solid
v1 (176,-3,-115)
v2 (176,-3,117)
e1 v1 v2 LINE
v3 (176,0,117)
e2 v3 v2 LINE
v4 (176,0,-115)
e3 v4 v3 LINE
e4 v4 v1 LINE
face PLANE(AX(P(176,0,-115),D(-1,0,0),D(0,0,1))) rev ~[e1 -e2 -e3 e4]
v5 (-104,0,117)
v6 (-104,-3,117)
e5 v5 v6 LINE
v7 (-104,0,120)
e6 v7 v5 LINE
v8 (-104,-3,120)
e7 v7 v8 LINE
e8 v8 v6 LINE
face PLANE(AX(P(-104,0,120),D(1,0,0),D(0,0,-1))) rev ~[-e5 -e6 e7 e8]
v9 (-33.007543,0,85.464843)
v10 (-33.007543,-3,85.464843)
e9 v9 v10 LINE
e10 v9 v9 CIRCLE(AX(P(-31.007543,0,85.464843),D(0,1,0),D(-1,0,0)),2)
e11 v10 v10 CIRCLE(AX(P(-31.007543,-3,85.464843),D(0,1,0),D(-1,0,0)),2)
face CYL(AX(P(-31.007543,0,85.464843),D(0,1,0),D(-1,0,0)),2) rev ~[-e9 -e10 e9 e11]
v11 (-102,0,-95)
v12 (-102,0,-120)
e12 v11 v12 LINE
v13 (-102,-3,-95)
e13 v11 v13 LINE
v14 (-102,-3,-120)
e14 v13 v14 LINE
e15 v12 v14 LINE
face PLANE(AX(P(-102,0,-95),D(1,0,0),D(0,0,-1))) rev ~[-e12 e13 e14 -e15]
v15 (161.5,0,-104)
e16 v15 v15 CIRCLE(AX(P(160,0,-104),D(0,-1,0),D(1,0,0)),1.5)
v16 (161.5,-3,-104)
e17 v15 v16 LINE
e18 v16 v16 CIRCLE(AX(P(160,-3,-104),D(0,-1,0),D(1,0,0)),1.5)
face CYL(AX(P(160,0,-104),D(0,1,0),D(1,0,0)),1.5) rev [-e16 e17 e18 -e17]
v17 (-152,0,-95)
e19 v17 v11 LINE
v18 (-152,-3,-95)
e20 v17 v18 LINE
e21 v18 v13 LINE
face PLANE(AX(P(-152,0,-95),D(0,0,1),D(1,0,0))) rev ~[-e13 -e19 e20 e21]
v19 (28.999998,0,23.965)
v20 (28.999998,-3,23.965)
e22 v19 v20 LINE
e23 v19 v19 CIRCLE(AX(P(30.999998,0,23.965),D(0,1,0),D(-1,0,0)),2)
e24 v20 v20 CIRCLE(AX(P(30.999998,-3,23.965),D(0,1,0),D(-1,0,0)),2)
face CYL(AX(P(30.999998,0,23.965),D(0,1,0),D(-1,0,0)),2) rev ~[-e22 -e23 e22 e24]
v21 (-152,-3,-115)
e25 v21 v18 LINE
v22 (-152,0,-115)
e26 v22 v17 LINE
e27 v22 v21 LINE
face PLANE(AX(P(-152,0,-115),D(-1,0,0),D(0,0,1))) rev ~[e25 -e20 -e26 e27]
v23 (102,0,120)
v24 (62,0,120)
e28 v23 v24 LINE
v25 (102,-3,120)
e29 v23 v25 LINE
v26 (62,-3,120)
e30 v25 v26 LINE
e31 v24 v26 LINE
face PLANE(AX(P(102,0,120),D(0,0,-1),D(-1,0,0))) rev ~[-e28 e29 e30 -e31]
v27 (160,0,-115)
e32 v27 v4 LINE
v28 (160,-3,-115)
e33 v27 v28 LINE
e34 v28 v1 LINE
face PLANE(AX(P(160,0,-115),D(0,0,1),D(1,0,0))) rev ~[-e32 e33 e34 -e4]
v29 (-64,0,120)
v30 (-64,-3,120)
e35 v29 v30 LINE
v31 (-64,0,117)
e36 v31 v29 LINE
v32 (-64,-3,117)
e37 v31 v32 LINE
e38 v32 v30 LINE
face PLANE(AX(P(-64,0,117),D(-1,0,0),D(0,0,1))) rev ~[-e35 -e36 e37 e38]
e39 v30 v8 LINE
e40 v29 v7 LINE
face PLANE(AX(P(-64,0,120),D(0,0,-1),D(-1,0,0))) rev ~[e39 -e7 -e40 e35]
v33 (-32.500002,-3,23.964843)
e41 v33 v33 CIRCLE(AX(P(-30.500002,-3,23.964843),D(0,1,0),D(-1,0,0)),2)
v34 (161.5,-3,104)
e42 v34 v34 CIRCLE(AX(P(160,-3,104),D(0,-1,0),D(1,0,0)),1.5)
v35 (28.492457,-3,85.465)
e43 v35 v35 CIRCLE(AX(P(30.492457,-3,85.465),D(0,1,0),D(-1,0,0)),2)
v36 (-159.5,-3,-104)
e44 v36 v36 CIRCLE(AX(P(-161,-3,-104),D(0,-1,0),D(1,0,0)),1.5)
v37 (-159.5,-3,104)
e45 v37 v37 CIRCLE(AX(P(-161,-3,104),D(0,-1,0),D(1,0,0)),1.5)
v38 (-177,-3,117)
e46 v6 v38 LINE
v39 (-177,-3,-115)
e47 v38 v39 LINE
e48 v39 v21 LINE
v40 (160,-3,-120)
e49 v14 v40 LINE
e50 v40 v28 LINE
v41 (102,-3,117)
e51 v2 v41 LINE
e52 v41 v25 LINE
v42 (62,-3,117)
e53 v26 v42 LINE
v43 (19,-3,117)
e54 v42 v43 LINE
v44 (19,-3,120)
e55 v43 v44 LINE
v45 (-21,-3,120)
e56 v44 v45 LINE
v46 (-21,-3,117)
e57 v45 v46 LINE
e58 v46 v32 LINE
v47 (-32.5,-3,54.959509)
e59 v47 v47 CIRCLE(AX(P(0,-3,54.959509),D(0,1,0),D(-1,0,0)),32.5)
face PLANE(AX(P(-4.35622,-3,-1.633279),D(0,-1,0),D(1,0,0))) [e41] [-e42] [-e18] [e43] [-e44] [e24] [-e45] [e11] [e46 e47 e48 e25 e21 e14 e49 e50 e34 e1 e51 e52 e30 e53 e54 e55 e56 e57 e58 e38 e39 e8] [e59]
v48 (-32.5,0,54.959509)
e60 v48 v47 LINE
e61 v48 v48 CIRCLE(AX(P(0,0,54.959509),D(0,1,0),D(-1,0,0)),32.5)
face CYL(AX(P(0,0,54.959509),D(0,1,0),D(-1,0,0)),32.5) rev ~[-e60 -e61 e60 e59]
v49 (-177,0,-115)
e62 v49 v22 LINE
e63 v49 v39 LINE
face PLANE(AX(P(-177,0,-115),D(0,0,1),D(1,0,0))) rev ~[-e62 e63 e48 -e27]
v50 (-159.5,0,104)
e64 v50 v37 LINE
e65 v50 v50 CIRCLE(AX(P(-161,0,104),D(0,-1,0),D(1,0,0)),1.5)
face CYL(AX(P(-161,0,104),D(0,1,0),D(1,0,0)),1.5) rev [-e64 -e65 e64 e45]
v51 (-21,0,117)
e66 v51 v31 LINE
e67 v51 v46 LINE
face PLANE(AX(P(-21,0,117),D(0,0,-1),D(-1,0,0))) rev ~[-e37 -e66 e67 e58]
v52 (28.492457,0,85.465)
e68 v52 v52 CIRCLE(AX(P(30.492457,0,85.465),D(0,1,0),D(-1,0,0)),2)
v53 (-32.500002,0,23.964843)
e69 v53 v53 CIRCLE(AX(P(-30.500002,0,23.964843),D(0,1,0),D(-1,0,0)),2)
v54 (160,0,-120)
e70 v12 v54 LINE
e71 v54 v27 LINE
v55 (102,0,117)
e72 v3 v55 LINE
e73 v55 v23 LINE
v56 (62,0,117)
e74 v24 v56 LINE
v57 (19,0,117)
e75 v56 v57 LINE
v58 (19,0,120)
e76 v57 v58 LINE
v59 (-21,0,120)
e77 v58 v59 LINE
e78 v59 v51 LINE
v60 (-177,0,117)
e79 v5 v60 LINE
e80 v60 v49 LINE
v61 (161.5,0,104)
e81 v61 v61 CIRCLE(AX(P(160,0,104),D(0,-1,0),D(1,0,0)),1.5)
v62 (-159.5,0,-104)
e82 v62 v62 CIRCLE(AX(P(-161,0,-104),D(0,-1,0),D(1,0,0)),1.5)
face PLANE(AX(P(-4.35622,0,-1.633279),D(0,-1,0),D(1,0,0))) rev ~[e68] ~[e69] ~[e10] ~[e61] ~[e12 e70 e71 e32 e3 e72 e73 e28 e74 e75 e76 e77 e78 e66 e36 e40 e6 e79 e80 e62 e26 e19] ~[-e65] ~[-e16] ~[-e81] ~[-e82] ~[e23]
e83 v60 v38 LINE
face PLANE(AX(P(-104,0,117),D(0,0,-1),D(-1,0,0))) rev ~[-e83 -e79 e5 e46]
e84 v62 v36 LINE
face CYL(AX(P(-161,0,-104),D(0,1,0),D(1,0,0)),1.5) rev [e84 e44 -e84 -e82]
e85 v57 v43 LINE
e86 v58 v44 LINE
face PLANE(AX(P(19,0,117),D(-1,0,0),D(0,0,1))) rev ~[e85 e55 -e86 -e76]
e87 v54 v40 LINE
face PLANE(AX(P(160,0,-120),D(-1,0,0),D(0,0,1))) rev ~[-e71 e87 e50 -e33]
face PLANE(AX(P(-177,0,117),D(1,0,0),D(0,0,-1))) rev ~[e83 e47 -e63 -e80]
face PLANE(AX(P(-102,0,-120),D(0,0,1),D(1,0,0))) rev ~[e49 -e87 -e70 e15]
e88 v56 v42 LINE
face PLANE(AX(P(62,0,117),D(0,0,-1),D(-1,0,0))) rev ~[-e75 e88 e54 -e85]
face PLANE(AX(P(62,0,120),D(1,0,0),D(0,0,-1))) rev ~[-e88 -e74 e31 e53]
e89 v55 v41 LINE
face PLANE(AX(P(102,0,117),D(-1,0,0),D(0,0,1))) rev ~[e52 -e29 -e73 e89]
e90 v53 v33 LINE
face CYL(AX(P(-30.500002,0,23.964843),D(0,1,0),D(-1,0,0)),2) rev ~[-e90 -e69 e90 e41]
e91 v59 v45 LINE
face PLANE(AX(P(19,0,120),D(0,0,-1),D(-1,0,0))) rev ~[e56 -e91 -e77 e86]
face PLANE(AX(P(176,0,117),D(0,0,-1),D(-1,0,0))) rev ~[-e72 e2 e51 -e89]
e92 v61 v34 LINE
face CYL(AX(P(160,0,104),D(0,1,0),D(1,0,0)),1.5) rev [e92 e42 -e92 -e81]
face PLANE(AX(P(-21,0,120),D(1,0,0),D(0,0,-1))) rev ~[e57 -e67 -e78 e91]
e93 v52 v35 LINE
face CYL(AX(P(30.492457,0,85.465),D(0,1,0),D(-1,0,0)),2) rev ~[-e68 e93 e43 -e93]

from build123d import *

# Parameters (mm, degrees)
F0_R     = 1.5
F1_DEPTH = 3
F2_R     = 32.5
F3_DEPTH = 3
F5_R     = 2
F6_DEPTH = 3


with BuildPart() as f1:
    # F0 (on Front) → F1 (new body)
    with BuildSketch(Plane.XZ):
        Polygon((102, 117), (102, 120), (62, 120), (62, 117), (19, 117), (19, 120), (-21, 120), (-21, 117), (-64, 117), (-64, 120), (-104, 120), (-104, 117), (-177, 117), (-177, -115), (-152, -115), (-152, -95), (-102, -95), (-102, -120), (160, -120), (160, -115), (176, -115), (176, 117), align=None)
        with Locations((-161, -104)):
            Circle(F0_R, mode=Mode.SUBTRACT)
        with Locations((160, -104)):
            Circle(F0_R, mode=Mode.SUBTRACT)
        with Locations((-161, 104)):
            Circle(F0_R, mode=Mode.SUBTRACT)
        with Locations((160, 104)):
            Circle(F0_R, mode=Mode.SUBTRACT)
    extrude(amount=F1_DEPTH)

    # F2 (on face) → F3 (cut)
    with BuildSketch(Plane(origin=(0, 0, 0), x_dir=(-1, 0, 0), z_dir=(0, 1, 0))):
        with Locations((0, 54.959509)):
            Circle(F2_R)
    extrude(amount=-F3_DEPTH, mode=Mode.SUBTRACT)

    # F5 (on face) → F6 (cut)
    with BuildSketch(Plane(origin=(0, 0, 0), x_dir=(-1, 0, 0), z_dir=(0, 1, 0))):
        with Locations((-30.492457, 85.465)):
            Circle(F5_R)
        with Locations((31.007543, 85.464843)):
            Circle(F5_R)
        with Locations((30.500002, 23.964843)):
            Circle(F5_R)
        with Locations((-30.999998, 23.965)):
            Circle(F5_R)
    extrude(amount=-F6_DEPTH, mode=Mode.SUBTRACT)


solid = f1.part
